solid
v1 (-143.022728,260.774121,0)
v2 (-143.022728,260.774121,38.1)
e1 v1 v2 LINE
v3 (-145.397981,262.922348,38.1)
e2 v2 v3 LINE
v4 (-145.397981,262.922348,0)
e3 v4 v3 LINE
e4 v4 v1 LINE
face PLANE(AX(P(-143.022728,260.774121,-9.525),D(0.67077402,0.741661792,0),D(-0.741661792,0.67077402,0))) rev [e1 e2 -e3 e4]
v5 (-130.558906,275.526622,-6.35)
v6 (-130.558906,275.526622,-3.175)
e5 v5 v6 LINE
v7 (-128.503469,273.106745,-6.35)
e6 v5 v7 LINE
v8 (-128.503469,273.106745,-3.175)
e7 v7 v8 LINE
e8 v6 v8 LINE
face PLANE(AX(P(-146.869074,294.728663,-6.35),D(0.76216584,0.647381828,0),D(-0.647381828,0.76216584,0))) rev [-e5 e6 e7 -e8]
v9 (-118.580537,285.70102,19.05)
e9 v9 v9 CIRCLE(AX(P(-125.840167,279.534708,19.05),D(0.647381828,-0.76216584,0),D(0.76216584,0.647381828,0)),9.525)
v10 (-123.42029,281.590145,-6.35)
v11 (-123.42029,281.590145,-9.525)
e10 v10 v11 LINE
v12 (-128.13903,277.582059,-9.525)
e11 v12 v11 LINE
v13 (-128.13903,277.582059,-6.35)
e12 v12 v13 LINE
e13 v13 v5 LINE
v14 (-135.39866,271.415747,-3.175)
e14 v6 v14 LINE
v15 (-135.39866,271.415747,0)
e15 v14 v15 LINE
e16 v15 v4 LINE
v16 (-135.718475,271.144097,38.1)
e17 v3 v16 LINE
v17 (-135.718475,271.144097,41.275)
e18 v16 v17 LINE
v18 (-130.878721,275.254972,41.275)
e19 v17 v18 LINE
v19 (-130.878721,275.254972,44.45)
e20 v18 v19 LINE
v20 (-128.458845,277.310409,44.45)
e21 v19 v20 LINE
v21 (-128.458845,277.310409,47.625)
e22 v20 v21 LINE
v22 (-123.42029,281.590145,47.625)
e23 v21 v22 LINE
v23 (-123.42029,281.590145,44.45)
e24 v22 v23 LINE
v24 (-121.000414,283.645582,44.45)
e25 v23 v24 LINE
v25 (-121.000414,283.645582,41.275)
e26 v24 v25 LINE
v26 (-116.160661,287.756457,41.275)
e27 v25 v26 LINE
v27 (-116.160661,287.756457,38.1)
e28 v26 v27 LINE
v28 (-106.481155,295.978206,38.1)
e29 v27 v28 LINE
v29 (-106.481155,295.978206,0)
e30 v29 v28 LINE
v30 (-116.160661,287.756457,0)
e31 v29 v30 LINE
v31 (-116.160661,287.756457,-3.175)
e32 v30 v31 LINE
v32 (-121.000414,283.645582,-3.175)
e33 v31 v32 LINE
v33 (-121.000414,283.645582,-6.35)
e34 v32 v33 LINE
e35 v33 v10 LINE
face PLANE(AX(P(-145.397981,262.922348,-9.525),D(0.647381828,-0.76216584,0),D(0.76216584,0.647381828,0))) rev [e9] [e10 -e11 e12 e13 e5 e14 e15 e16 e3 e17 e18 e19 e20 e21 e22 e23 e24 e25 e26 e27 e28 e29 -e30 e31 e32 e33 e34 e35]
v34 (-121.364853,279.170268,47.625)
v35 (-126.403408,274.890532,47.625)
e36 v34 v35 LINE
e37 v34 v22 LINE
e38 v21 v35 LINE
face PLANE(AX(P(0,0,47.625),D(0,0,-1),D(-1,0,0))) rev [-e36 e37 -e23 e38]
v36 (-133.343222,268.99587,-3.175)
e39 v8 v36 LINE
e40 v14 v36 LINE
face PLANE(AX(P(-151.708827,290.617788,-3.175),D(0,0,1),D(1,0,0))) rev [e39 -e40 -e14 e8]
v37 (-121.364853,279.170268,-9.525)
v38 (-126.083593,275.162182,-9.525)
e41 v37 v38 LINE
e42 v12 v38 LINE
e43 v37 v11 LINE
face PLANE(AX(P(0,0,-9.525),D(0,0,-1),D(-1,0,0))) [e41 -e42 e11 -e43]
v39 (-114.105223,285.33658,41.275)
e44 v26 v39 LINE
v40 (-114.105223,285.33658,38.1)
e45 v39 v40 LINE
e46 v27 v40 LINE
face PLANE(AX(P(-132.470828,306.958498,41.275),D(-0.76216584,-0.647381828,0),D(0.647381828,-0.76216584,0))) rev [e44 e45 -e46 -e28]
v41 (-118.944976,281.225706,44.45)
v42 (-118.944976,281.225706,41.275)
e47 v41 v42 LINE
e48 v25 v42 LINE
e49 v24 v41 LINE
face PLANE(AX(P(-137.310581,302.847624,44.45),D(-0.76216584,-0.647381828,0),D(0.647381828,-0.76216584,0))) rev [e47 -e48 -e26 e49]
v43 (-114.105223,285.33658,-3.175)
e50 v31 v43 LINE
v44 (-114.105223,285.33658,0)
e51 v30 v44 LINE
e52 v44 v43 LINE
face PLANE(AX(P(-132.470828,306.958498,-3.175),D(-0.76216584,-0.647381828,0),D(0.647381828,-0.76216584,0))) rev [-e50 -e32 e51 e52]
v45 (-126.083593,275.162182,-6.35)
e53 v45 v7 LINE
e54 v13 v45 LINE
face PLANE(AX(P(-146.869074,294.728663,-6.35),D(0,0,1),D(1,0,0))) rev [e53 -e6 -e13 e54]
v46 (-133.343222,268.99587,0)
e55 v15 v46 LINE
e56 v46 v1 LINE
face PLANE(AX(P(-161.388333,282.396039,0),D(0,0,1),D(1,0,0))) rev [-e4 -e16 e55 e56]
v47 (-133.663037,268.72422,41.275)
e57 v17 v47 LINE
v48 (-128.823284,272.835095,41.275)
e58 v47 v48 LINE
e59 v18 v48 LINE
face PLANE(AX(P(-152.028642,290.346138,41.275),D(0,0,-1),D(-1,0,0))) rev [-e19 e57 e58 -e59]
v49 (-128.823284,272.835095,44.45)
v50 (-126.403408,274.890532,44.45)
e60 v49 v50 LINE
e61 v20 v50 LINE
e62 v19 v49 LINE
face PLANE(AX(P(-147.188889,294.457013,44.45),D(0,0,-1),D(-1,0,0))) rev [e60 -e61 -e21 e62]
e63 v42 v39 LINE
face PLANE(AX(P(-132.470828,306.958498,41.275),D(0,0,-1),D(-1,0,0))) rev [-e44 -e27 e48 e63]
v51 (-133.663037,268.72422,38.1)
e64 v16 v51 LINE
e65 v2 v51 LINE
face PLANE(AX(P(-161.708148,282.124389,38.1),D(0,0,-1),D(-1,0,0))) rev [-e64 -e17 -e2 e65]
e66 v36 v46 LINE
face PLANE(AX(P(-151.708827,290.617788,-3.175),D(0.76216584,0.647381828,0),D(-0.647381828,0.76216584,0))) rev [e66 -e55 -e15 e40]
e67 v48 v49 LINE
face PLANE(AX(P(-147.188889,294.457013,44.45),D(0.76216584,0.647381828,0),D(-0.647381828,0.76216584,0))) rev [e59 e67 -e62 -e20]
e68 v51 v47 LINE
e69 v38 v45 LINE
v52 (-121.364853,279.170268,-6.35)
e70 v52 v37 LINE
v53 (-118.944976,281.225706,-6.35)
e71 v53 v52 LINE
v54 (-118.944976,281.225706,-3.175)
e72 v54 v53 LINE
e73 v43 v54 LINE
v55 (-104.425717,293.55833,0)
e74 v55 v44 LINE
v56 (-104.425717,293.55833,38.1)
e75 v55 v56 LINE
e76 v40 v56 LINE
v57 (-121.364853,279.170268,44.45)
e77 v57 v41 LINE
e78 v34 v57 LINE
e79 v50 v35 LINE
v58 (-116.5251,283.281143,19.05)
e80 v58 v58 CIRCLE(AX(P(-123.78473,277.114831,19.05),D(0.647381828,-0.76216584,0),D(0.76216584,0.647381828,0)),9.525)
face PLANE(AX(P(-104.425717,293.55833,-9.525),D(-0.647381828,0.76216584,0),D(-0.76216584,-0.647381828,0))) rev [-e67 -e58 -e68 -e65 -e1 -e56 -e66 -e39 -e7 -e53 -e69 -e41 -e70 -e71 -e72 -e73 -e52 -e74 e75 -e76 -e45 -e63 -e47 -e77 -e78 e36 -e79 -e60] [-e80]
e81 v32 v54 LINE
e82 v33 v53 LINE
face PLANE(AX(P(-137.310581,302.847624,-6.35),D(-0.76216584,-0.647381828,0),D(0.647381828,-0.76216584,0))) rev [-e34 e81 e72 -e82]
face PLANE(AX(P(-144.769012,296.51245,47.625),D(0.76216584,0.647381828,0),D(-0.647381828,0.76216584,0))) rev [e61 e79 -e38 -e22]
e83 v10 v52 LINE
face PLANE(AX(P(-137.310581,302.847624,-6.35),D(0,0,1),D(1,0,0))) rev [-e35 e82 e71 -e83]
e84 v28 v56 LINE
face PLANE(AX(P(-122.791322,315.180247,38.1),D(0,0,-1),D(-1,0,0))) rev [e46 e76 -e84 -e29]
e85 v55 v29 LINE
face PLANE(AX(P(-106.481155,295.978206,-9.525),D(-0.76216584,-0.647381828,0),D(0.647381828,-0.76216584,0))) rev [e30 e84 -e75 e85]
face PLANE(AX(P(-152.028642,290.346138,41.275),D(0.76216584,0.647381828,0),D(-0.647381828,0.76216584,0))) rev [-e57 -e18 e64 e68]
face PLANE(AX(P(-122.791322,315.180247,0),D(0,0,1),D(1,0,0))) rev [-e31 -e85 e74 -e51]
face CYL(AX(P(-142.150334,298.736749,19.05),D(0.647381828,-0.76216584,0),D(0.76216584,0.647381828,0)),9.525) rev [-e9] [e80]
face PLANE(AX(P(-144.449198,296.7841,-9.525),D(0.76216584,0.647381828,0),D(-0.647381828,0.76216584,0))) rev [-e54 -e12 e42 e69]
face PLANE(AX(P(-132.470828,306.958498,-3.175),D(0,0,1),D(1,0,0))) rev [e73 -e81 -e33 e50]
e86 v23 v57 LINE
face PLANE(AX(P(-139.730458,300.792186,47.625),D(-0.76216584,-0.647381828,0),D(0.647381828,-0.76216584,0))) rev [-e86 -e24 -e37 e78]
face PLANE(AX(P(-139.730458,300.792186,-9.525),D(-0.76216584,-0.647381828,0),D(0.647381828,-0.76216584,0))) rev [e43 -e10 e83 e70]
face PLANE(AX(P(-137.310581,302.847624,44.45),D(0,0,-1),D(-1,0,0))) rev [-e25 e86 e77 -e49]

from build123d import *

# Parameters (mm, degrees)
BOSS_EXTRUDE1_DEPTH      = 47.625
BOSS_EXTRUDE1_DEPTH_BACK = 9.525
SKETCH2_R                = 9.525
CUT_EXTRUDE1_DEPTH       = 122.738617419


with BuildPart() as part:
    # Sketch1 → Boss-Extrude1 (new, two sides: drawn at the far end of the back side and taken through both)
    with BuildSketch(Plane.XY.offset(-BOSS_EXTRUDE1_DEPTH_BACK)):
        Polygon((-104.425717212, 293.558329543), (-143.022728413, 260.774121234), (-145.397980675, 262.922347723), (-106.481154517, 295.978206086), align=None)
    extrude(amount=BOSS_EXTRUDE1_DEPTH + BOSS_EXTRUDE1_DEPTH_BACK)

    # Sketch2 → Cut-Extrude1 (cut, through all)
    with BuildSketch(Plane(origin=(-188.610450601, 222.052019857, 0), x_dir=(0.762165840447724, 0.6473818283321017, 0), z_dir=(0.6473818283321017, -0.762165840447724, 0))):
        with Locations((85.054613578, 19.05)):
            Circle(SKETCH2_R)
        Polygon((110.454613578, -9.525), (88.229613578, -9.525), (88.229613578, -6.349999999), (91.404613578, -6.349999999), (91.404613578, -3.175), (97.754613578, -3.175), (97.754613578, 0), (110.454613578, 0), (113.679871945, 0), (113.679871945, -9.525), align=None)
        Polygon((59.813389382, -9.525), (82.038389382, -9.525), (82.038389382, -6.349999999), (78.863389382, -6.349999999), (78.863389382, -3.175), (72.513389382, -3.175), (72.513389382, 0), (59.813389382, 0), (54.830807426, 0), (54.830807426, -9.525), align=None)
        Polygon((110.454613578, 38.1), (118.192353476, 38.1), (118.192353476, 47.625), (110.454613578, 47.625), (88.229613578, 47.625), (88.229613578, 44.449999999), (91.404613578, 44.449999999), (91.404613578, 41.275), (97.754613578, 41.275), (97.754613578, 38.1), align=None)
        Polygon((59.393776038, 38.1), (50.339137781, 38.1), (50.339137781, 47.625), (59.393776038, 47.625), (81.618776038, 47.625), (81.618776038, 44.449999999), (78.443776038, 44.449999999), (78.443776038, 41.275), (72.093776038, 41.275), (72.093776038, 38.1), align=None)
    extrude(amount=-CUT_EXTRUDE1_DEPTH, mode=Mode.SUBTRACT)


solid = part.part
